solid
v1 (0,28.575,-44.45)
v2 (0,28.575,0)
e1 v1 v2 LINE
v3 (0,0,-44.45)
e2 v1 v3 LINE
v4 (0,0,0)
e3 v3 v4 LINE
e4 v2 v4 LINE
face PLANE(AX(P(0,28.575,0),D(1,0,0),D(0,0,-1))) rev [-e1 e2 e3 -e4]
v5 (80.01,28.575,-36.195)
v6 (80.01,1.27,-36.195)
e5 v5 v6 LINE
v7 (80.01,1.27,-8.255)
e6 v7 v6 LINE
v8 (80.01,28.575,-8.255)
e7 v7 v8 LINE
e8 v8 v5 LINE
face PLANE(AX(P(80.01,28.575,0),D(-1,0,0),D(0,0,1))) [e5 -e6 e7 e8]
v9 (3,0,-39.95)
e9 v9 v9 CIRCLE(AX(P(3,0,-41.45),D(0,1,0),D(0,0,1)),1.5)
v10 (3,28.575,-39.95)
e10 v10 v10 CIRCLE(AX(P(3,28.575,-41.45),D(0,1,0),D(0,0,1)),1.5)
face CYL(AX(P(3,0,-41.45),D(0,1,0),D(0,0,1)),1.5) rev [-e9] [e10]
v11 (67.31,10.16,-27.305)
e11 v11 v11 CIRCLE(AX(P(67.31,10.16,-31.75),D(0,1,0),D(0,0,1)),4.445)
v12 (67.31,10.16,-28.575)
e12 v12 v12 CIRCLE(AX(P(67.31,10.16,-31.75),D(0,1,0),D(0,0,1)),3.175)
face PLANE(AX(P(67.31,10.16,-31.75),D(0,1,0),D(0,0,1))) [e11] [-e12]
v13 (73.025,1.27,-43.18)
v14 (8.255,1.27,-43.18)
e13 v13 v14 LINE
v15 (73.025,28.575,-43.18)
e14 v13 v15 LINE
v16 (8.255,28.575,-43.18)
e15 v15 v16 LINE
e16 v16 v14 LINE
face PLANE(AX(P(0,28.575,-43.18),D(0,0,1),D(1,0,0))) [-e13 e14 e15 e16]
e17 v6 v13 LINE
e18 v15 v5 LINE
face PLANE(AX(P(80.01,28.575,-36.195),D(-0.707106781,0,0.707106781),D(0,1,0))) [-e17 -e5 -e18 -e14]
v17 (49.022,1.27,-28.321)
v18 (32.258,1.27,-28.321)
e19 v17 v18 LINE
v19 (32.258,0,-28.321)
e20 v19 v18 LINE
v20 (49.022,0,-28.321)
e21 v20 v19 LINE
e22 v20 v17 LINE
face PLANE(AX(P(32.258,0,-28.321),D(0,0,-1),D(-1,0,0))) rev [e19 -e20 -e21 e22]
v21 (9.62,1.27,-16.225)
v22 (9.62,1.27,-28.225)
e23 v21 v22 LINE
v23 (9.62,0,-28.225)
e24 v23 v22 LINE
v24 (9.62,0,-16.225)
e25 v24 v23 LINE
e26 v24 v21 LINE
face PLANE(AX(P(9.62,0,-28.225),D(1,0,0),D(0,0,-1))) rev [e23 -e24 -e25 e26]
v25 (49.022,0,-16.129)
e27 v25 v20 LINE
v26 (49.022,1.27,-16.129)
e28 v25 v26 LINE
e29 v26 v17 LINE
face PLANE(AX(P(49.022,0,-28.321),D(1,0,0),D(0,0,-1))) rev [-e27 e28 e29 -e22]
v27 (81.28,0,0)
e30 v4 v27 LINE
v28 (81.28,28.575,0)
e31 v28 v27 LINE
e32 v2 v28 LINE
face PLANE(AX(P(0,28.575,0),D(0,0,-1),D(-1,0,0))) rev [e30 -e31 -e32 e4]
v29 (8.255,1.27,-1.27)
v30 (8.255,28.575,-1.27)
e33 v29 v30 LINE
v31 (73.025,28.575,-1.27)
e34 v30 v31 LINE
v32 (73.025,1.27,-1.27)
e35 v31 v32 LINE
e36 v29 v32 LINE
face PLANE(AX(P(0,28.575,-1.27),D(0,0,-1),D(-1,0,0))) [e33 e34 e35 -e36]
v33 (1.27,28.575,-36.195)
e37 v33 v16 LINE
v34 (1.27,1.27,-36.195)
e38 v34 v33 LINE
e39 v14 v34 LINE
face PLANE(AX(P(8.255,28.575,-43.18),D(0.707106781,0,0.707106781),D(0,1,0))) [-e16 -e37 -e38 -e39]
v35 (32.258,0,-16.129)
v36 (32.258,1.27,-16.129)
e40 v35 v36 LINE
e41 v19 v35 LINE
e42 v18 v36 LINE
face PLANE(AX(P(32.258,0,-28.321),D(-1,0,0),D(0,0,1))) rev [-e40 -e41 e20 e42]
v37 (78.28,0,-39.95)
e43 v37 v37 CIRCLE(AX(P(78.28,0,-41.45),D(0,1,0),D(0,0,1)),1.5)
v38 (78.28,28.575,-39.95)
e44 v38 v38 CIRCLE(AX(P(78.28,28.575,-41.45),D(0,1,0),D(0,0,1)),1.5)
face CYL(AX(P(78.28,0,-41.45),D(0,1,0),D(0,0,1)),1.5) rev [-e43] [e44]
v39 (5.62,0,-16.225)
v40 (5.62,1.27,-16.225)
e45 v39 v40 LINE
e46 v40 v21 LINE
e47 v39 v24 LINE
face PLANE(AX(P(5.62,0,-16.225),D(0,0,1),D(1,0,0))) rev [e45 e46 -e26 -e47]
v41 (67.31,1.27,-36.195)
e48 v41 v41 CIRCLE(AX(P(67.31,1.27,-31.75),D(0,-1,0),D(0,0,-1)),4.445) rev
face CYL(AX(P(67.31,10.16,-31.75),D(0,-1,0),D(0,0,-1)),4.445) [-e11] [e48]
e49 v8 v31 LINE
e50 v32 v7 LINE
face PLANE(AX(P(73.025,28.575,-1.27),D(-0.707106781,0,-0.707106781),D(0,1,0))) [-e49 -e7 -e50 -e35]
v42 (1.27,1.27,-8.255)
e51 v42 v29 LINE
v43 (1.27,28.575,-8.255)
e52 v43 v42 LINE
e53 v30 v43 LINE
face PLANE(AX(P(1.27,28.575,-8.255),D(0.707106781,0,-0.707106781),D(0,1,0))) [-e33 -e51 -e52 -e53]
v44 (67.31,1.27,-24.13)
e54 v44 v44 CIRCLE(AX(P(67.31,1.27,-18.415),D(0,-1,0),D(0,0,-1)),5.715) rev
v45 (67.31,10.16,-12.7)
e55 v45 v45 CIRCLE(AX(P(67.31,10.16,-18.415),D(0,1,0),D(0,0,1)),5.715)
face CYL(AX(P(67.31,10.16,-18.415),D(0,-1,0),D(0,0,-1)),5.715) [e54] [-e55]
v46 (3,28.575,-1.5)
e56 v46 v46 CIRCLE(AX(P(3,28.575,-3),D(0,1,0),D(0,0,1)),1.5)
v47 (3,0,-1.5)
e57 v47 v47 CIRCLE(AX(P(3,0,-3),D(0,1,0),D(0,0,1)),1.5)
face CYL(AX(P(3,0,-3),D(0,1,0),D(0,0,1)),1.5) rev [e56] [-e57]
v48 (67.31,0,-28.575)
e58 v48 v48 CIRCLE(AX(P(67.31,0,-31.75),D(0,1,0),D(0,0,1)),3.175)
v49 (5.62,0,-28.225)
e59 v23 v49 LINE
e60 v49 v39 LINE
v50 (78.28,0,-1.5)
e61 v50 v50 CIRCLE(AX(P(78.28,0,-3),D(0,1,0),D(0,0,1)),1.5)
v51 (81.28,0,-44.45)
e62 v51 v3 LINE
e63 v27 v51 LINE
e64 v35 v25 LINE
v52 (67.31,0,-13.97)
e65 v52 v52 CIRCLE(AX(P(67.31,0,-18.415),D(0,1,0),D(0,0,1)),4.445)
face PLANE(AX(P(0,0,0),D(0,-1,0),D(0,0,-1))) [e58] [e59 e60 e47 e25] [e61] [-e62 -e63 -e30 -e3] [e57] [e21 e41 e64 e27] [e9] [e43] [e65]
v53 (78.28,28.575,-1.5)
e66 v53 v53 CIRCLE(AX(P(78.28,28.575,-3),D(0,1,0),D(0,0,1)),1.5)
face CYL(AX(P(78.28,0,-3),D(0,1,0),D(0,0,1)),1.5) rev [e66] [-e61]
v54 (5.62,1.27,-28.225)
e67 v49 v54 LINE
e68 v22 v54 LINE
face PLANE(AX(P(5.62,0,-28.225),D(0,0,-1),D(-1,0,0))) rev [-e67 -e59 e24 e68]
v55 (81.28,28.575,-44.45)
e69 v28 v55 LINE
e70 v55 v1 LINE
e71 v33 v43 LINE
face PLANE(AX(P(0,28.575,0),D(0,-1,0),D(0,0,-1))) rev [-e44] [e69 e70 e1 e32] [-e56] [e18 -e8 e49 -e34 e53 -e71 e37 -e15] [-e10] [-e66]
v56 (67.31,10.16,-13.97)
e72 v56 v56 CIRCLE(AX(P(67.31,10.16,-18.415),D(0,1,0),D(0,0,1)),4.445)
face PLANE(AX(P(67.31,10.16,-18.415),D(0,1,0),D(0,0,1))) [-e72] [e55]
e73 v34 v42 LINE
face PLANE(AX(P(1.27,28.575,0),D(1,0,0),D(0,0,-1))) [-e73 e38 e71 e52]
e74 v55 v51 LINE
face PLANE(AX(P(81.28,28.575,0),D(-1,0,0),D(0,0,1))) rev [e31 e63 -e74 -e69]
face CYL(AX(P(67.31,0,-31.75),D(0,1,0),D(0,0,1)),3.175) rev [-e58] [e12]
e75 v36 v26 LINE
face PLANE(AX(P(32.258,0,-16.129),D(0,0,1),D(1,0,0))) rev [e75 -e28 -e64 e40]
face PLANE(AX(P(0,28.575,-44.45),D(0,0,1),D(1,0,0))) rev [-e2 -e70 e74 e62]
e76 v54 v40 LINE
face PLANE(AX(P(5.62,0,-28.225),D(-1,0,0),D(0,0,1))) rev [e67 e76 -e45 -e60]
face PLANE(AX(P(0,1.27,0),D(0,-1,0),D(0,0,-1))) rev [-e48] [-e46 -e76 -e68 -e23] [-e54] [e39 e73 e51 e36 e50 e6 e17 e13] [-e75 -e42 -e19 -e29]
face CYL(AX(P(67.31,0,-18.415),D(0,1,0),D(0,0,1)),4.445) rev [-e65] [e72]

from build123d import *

# Parameters (mm, degrees)
SKETCH1_W           = 81.28
SKETCH1_H           = 44.45
BOSS_EXTRUDE1_DEPTH = 28.575
SHELL1_T            = -1.27
CHAMFER1_SIZE       = 6.985
SKETCH2_R           = 1.5
CUT_EXTRUDE1_DEPTH  = 97.947261565
SKETCH3_R           = 3.175
SKETCH3_R_2         = 4.445
SKETCH3_W           = 4
SKETCH3_H           = 12
SKETCH3_W_2         = 16.764
SKETCH3_H_2         = 12.192
CUT_EXTRUDE2_DEPTH  = 97.580556661
BOSS_EXTRUDE2_START = 8.89
SKETCH4_R           = 5.715
SKETCH4_R_2         = 4.445
SKETCH4_R_3         = 3.175
BOSS_EXTRUDE2_DEPTH = 8.89


with BuildPart() as part:
    # Sketch1 → Boss-Extrude1 (new body)
    with BuildSketch(Plane(origin=(0, 0, 0), x_dir=(1, 0, 0), z_dir=(0, 1, 0))):
        with Locations((40.64, 22.225)):
            Rectangle(SKETCH1_W, SKETCH1_H)
    extrude(amount=BOSS_EXTRUDE1_DEPTH)

    # Shell1
    shell1_openings = [part.faces().sort_by_distance(p)[0] for p in [
        (40.64, 28.575, -22.225),
    ]]
    offset(amount=SHELL1_T, openings=shell1_openings, kind=Kind.INTERSECTION)

    # Chamfer1
    chamfer1_edges = [part.edges().sort_by_distance(p)[0] for p in [
        (1.27, 14.9225, -43.18),
        (1.27, 14.9225, -1.27),
        (80.01, 14.9225, -1.27),
        (80.01, 14.9225, -43.18),
    ]]
    chamfer(chamfer1_edges, length=CHAMFER1_SIZE)

    # Sketch2 → Cut-Extrude1 (cut, through all)
    with BuildSketch(Plane(origin=(0, 28.575, 0), x_dir=(1, 0, 0), z_dir=(0, 1, 0))):
        with Locations(Location((3, 41.45, 0), (0, 0, 270))):
            Circle(SKETCH2_R)
        with Locations(Location((3, 3, 0), (0, 0, 270))):
            Circle(SKETCH2_R)
        with Locations(Location((78.28, 3, 0), (0, 0, 270))):
            Circle(SKETCH2_R)
        with Locations(Location((78.28, 41.45, 0), (0, 0, 270))):
            Circle(SKETCH2_R)
    extrude(amount=-CUT_EXTRUDE1_DEPTH, mode=Mode.SUBTRACT)

    # Sketch3 → Cut-Extrude2 (cut, through all)
    with BuildSketch(Plane(origin=(0, 1.27, 0), x_dir=(1, 0, 0), z_dir=(0, 1, 0))):
        with Locations(Location((67.31, 31.75, 0), (0, 0, 270))):
            Circle(SKETCH3_R)
        with Locations(Location((67.31, 18.415, 0), (0, 0, 270))):
            Circle(SKETCH3_R_2)
        with Locations((7.62, 22.225)):
            Rectangle(SKETCH3_W, SKETCH3_H)
        with Locations((40.64, 22.225)):
            Rectangle(SKETCH3_W_2, SKETCH3_H_2)
    extrude(amount=-CUT_EXTRUDE2_DEPTH, mode=Mode.SUBTRACT)

    # Sketch4 → Boss-Extrude2 (add)
    # profile 1 of 2: a face of its own
    with BuildSketch(Plane(origin=(0, 1.27, 0), x_dir=(1, 0, 0), z_dir=(0, 1, 0)).offset(BOSS_EXTRUDE2_START)):
        with Locations(Location((67.31, 18.415, 0), (0, 0, 90))):
            Circle(SKETCH4_R)
        with Locations(Location((67.31, 18.415, 0), (0, 0, 270))):
            Circle(SKETCH4_R_2, mode=Mode.SUBTRACT)
    # profile 2 of 2: a face of its own
    with BuildSketch(Plane(origin=(0, 1.27, 0), x_dir=(1, 0, 0), z_dir=(0, 1, 0)).offset(BOSS_EXTRUDE2_START)):
        with Locations(Location((67.31, 31.75, 0), (0, 0, 90))):
            Circle(SKETCH4_R_2)
        with Locations(Location((67.31, 31.75, 0), (0, 0, 270))):
            Circle(SKETCH4_R_3, mode=Mode.SUBTRACT)
    extrude(amount=-BOSS_EXTRUDE2_DEPTH)


solid = part.part
